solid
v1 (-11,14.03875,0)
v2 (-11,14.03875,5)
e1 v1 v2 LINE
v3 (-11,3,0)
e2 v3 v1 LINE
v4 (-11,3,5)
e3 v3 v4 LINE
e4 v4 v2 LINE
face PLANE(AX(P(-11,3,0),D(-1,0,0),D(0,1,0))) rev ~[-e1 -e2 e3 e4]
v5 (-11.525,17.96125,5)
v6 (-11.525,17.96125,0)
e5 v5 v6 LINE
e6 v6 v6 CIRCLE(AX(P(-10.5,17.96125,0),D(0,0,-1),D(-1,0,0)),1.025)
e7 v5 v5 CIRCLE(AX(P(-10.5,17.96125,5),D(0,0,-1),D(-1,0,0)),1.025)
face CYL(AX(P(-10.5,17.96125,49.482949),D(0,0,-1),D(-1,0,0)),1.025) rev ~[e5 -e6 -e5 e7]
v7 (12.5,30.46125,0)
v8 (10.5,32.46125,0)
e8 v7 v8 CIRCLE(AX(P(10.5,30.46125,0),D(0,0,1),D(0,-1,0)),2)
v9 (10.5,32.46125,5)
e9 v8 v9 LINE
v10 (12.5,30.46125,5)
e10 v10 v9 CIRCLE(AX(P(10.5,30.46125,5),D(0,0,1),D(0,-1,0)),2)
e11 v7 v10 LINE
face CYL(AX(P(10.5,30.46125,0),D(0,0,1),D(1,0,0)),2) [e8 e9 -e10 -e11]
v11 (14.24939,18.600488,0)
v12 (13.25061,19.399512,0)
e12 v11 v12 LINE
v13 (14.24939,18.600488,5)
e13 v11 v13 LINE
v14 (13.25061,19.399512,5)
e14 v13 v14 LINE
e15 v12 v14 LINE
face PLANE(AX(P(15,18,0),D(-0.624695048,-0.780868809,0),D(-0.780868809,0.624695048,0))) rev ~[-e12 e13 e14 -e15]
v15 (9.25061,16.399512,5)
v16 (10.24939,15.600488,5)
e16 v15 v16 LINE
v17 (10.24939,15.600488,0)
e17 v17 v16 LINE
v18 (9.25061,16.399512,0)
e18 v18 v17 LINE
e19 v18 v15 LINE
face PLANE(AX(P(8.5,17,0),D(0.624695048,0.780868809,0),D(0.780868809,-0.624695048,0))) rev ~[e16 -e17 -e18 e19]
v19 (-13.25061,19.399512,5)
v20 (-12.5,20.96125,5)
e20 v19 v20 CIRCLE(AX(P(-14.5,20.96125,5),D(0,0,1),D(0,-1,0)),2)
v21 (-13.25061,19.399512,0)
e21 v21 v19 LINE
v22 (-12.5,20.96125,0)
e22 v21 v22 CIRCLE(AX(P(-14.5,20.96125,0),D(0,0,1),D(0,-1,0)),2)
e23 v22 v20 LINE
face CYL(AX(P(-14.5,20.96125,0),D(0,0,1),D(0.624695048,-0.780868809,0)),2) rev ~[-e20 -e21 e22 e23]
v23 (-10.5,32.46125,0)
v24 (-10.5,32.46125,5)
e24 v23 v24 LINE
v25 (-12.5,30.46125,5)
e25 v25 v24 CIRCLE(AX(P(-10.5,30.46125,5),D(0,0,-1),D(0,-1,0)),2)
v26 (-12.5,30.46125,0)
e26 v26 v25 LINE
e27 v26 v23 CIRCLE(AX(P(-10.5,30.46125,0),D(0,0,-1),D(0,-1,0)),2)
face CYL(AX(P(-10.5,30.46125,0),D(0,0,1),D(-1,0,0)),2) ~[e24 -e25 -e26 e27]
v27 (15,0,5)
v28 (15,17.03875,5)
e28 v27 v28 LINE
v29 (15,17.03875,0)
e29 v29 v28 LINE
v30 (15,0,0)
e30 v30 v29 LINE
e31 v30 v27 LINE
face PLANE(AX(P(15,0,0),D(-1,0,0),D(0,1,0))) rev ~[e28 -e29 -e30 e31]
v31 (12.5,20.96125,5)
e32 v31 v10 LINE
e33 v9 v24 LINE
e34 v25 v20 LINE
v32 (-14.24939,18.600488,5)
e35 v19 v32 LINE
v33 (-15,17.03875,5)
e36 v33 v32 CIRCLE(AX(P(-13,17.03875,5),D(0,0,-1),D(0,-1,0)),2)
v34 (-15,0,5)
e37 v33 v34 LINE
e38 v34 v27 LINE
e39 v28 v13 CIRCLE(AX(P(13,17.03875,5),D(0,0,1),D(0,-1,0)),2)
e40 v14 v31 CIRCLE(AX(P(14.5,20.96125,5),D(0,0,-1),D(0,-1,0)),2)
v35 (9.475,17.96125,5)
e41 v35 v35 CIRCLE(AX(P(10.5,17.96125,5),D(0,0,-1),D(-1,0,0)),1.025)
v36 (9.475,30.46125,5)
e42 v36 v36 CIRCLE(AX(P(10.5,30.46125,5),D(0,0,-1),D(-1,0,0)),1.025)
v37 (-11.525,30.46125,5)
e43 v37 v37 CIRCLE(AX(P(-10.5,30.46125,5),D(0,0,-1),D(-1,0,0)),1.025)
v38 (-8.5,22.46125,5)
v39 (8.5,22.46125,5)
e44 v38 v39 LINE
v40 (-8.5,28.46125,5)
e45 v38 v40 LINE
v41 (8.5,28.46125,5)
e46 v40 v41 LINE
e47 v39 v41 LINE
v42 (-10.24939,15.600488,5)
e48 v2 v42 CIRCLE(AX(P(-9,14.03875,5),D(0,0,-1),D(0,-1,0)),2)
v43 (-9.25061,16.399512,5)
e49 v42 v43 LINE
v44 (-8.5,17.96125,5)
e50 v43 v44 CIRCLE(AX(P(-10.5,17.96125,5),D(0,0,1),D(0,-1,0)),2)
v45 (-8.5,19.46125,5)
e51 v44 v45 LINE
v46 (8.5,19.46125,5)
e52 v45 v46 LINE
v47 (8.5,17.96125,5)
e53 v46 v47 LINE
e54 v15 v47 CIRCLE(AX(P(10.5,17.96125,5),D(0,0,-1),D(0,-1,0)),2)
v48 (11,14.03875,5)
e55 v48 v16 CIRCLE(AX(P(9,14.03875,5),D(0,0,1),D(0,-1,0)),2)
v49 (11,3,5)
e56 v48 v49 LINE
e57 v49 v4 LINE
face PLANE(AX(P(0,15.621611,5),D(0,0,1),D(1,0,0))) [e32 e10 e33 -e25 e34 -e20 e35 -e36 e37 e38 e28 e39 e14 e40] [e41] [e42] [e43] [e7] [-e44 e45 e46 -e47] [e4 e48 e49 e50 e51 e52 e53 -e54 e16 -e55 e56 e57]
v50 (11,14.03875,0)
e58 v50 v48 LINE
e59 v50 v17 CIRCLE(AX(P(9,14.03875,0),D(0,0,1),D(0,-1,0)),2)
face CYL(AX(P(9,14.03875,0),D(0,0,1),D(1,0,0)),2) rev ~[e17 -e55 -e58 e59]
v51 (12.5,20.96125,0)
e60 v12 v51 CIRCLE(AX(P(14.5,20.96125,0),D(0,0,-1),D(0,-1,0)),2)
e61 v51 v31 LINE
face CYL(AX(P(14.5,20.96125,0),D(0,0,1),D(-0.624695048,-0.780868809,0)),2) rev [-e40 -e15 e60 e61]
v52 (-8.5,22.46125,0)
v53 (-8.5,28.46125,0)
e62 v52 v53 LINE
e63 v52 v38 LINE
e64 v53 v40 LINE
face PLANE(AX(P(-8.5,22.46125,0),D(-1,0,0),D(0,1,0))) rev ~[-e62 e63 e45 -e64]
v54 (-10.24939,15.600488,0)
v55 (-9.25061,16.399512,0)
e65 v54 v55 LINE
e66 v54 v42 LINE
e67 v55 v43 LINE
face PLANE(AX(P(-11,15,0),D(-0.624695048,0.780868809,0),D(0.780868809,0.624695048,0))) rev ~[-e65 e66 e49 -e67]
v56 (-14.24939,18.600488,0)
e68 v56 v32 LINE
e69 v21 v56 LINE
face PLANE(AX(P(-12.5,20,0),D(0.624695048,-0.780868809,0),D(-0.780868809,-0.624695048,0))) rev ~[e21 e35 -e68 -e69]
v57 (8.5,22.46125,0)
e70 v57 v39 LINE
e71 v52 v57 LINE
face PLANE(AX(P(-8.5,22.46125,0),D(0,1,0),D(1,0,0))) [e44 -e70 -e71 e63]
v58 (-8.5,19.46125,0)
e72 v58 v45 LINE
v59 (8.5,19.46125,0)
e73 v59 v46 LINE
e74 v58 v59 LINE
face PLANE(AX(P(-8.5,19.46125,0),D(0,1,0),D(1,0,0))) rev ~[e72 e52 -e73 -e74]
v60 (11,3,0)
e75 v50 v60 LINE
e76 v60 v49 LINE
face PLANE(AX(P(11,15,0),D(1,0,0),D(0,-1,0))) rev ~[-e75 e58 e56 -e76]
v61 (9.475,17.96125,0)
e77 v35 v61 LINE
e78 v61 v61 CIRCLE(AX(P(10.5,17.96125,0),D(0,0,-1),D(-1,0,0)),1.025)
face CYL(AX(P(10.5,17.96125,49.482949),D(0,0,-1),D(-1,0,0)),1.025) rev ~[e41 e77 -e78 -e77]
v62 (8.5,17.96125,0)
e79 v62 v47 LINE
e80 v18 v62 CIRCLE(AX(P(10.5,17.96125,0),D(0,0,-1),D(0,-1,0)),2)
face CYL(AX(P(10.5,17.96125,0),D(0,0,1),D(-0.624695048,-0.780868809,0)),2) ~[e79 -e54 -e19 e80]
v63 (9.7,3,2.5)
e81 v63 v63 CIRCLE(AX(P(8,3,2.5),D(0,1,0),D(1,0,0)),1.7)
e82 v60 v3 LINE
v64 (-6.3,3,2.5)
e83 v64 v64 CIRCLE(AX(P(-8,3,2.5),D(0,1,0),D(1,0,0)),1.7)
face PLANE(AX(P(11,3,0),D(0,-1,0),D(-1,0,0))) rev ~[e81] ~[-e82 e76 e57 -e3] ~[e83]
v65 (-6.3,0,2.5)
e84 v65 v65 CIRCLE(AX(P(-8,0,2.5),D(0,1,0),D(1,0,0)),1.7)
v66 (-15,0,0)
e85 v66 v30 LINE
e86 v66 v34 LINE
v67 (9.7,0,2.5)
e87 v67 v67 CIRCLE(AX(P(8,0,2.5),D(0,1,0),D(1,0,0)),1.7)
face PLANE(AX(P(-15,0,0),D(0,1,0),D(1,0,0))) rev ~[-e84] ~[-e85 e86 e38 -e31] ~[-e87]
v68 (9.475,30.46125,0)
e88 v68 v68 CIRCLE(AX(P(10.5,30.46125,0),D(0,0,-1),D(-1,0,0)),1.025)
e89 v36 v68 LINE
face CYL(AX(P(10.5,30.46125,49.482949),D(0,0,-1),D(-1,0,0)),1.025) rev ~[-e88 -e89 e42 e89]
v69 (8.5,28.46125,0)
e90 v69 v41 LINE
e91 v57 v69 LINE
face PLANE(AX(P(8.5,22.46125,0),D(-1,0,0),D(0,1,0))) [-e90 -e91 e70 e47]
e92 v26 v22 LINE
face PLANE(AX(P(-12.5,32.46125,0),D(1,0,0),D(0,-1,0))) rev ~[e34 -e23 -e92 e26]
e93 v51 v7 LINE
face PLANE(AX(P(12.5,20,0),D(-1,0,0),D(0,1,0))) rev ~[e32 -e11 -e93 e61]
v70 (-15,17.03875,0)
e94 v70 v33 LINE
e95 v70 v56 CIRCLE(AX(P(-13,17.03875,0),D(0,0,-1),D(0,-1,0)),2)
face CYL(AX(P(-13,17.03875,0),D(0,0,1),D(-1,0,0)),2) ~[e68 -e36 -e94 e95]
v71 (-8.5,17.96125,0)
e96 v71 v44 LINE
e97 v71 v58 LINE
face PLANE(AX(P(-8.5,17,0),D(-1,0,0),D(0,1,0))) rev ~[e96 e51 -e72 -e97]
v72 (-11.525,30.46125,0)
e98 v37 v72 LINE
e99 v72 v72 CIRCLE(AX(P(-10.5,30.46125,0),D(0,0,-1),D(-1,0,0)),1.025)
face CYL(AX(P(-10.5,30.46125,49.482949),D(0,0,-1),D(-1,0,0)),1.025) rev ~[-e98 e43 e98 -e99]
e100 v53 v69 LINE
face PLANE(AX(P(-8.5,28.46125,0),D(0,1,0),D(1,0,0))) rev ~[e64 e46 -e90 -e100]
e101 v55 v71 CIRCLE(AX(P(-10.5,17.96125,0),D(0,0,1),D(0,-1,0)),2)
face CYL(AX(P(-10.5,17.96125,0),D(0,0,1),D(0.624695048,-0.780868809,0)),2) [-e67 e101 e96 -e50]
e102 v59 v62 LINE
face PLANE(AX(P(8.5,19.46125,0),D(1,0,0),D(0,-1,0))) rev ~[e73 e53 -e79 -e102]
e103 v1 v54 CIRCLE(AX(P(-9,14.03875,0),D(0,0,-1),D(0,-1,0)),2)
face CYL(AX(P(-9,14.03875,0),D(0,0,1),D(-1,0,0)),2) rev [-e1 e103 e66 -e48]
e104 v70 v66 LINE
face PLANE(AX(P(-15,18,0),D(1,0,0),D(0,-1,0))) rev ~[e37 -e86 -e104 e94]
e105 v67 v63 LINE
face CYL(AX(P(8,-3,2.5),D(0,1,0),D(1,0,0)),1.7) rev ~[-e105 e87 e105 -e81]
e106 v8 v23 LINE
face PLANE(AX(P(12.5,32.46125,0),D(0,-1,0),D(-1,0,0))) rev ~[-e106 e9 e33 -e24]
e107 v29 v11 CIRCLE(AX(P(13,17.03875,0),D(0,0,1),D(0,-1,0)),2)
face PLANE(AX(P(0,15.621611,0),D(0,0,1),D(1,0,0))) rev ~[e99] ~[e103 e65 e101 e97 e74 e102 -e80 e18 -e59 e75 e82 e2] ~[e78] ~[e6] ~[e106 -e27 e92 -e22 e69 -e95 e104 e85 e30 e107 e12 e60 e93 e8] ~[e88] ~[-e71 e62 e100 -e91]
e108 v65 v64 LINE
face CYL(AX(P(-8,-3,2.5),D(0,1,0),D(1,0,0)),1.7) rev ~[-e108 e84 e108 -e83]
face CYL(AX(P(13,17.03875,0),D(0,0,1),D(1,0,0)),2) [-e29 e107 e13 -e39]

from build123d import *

# Parameters (mm, degrees)
SKETCH1_R                = 0.25
SKETCH1_W                = 17
SKETCH1_H                = 6
BOSS_EXTRUDE1_DEPTH      = 5
FILLET1_R                = 2
M2_5X0_45_TAPPED_HOLE1_D = 2.05
M3_CLEARANCE_HOLE1_D     = 3.4
M3_CLEARANCE_HOLE1_DEPTH = 3


with BuildPart() as part:
    # Sketch1 → Boss-Extrude1 (new body)
    with BuildSketch(Plane.XY):
        Polygon((-15, 0), (15, 0), (15, 18), (12.5, 20), (12.5, 32.461249695), (-12.5, 32.461249695), (-12.5, 20), (-15, 18), align=None)
        with Locations((-10.5, 30.461249695)):
            Circle(SKETCH1_R, mode=Mode.SUBTRACT)
        with Locations((-10.5, 17.961249695)):
            Circle(SKETCH1_R, mode=Mode.SUBTRACT)
        with Locations((10.5, 30.461249695)):
            Circle(SKETCH1_R, mode=Mode.SUBTRACT)
        with Locations((10.5, 17.961249695)):
            Circle(SKETCH1_R, mode=Mode.SUBTRACT)
        Polygon((-11, 15), (-8.5, 17), (-8.5, 19.461249695), (8.5, 19.461249695), (8.5, 17), (11, 15), (11, 3), (-11, 3), align=None, mode=Mode.SUBTRACT)
        with Locations((0, 25.461249695)):
            Rectangle(SKETCH1_W, SKETCH1_H, mode=Mode.SUBTRACT)
    extrude(amount=BOSS_EXTRUDE1_DEPTH)

    # Fillet1
    fillet1_edges = [part.edges().sort_by_distance(p)[0] for p in [
        (-15, 18, 2.5),
        (-12.5, 20, 2.5),
        (-12.5, 32.461249695, 2.5),
        (12.5, 32.461249695, 2.5),
        (12.5, 20, 2.5),
        (15, 18, 2.5),
        (-11, 15, 2.5),
        (11, 15, 2.5),
        (8.5, 17, 2.5),
        (-8.5, 17, 2.5),
    ]]
    fillet(fillet1_edges, radius=FILLET1_R)

    # M2.5x0.45 Tapped Hole1 (through all)
    with Locations(Plane.XY.offset(5)):
        with Locations((-10.5, 17.961249695), (10.5, 30.461249695), (10.5, 17.961249695), (-10.5, 30.461249695)):
            Hole(M2_5X0_45_TAPPED_HOLE1_D / 2)

    # M3 Clearance Hole1
    with Locations(Plane(origin=(0, 0, 0), x_dir=(-1, 0, 0), z_dir=(0, -1, 0))):
        with Locations((8, -2.5), (-8, -2.5)):
            Hole(M3_CLEARANCE_HOLE1_D / 2, depth=M3_CLEARANCE_HOLE1_DEPTH)


solid = part.part
